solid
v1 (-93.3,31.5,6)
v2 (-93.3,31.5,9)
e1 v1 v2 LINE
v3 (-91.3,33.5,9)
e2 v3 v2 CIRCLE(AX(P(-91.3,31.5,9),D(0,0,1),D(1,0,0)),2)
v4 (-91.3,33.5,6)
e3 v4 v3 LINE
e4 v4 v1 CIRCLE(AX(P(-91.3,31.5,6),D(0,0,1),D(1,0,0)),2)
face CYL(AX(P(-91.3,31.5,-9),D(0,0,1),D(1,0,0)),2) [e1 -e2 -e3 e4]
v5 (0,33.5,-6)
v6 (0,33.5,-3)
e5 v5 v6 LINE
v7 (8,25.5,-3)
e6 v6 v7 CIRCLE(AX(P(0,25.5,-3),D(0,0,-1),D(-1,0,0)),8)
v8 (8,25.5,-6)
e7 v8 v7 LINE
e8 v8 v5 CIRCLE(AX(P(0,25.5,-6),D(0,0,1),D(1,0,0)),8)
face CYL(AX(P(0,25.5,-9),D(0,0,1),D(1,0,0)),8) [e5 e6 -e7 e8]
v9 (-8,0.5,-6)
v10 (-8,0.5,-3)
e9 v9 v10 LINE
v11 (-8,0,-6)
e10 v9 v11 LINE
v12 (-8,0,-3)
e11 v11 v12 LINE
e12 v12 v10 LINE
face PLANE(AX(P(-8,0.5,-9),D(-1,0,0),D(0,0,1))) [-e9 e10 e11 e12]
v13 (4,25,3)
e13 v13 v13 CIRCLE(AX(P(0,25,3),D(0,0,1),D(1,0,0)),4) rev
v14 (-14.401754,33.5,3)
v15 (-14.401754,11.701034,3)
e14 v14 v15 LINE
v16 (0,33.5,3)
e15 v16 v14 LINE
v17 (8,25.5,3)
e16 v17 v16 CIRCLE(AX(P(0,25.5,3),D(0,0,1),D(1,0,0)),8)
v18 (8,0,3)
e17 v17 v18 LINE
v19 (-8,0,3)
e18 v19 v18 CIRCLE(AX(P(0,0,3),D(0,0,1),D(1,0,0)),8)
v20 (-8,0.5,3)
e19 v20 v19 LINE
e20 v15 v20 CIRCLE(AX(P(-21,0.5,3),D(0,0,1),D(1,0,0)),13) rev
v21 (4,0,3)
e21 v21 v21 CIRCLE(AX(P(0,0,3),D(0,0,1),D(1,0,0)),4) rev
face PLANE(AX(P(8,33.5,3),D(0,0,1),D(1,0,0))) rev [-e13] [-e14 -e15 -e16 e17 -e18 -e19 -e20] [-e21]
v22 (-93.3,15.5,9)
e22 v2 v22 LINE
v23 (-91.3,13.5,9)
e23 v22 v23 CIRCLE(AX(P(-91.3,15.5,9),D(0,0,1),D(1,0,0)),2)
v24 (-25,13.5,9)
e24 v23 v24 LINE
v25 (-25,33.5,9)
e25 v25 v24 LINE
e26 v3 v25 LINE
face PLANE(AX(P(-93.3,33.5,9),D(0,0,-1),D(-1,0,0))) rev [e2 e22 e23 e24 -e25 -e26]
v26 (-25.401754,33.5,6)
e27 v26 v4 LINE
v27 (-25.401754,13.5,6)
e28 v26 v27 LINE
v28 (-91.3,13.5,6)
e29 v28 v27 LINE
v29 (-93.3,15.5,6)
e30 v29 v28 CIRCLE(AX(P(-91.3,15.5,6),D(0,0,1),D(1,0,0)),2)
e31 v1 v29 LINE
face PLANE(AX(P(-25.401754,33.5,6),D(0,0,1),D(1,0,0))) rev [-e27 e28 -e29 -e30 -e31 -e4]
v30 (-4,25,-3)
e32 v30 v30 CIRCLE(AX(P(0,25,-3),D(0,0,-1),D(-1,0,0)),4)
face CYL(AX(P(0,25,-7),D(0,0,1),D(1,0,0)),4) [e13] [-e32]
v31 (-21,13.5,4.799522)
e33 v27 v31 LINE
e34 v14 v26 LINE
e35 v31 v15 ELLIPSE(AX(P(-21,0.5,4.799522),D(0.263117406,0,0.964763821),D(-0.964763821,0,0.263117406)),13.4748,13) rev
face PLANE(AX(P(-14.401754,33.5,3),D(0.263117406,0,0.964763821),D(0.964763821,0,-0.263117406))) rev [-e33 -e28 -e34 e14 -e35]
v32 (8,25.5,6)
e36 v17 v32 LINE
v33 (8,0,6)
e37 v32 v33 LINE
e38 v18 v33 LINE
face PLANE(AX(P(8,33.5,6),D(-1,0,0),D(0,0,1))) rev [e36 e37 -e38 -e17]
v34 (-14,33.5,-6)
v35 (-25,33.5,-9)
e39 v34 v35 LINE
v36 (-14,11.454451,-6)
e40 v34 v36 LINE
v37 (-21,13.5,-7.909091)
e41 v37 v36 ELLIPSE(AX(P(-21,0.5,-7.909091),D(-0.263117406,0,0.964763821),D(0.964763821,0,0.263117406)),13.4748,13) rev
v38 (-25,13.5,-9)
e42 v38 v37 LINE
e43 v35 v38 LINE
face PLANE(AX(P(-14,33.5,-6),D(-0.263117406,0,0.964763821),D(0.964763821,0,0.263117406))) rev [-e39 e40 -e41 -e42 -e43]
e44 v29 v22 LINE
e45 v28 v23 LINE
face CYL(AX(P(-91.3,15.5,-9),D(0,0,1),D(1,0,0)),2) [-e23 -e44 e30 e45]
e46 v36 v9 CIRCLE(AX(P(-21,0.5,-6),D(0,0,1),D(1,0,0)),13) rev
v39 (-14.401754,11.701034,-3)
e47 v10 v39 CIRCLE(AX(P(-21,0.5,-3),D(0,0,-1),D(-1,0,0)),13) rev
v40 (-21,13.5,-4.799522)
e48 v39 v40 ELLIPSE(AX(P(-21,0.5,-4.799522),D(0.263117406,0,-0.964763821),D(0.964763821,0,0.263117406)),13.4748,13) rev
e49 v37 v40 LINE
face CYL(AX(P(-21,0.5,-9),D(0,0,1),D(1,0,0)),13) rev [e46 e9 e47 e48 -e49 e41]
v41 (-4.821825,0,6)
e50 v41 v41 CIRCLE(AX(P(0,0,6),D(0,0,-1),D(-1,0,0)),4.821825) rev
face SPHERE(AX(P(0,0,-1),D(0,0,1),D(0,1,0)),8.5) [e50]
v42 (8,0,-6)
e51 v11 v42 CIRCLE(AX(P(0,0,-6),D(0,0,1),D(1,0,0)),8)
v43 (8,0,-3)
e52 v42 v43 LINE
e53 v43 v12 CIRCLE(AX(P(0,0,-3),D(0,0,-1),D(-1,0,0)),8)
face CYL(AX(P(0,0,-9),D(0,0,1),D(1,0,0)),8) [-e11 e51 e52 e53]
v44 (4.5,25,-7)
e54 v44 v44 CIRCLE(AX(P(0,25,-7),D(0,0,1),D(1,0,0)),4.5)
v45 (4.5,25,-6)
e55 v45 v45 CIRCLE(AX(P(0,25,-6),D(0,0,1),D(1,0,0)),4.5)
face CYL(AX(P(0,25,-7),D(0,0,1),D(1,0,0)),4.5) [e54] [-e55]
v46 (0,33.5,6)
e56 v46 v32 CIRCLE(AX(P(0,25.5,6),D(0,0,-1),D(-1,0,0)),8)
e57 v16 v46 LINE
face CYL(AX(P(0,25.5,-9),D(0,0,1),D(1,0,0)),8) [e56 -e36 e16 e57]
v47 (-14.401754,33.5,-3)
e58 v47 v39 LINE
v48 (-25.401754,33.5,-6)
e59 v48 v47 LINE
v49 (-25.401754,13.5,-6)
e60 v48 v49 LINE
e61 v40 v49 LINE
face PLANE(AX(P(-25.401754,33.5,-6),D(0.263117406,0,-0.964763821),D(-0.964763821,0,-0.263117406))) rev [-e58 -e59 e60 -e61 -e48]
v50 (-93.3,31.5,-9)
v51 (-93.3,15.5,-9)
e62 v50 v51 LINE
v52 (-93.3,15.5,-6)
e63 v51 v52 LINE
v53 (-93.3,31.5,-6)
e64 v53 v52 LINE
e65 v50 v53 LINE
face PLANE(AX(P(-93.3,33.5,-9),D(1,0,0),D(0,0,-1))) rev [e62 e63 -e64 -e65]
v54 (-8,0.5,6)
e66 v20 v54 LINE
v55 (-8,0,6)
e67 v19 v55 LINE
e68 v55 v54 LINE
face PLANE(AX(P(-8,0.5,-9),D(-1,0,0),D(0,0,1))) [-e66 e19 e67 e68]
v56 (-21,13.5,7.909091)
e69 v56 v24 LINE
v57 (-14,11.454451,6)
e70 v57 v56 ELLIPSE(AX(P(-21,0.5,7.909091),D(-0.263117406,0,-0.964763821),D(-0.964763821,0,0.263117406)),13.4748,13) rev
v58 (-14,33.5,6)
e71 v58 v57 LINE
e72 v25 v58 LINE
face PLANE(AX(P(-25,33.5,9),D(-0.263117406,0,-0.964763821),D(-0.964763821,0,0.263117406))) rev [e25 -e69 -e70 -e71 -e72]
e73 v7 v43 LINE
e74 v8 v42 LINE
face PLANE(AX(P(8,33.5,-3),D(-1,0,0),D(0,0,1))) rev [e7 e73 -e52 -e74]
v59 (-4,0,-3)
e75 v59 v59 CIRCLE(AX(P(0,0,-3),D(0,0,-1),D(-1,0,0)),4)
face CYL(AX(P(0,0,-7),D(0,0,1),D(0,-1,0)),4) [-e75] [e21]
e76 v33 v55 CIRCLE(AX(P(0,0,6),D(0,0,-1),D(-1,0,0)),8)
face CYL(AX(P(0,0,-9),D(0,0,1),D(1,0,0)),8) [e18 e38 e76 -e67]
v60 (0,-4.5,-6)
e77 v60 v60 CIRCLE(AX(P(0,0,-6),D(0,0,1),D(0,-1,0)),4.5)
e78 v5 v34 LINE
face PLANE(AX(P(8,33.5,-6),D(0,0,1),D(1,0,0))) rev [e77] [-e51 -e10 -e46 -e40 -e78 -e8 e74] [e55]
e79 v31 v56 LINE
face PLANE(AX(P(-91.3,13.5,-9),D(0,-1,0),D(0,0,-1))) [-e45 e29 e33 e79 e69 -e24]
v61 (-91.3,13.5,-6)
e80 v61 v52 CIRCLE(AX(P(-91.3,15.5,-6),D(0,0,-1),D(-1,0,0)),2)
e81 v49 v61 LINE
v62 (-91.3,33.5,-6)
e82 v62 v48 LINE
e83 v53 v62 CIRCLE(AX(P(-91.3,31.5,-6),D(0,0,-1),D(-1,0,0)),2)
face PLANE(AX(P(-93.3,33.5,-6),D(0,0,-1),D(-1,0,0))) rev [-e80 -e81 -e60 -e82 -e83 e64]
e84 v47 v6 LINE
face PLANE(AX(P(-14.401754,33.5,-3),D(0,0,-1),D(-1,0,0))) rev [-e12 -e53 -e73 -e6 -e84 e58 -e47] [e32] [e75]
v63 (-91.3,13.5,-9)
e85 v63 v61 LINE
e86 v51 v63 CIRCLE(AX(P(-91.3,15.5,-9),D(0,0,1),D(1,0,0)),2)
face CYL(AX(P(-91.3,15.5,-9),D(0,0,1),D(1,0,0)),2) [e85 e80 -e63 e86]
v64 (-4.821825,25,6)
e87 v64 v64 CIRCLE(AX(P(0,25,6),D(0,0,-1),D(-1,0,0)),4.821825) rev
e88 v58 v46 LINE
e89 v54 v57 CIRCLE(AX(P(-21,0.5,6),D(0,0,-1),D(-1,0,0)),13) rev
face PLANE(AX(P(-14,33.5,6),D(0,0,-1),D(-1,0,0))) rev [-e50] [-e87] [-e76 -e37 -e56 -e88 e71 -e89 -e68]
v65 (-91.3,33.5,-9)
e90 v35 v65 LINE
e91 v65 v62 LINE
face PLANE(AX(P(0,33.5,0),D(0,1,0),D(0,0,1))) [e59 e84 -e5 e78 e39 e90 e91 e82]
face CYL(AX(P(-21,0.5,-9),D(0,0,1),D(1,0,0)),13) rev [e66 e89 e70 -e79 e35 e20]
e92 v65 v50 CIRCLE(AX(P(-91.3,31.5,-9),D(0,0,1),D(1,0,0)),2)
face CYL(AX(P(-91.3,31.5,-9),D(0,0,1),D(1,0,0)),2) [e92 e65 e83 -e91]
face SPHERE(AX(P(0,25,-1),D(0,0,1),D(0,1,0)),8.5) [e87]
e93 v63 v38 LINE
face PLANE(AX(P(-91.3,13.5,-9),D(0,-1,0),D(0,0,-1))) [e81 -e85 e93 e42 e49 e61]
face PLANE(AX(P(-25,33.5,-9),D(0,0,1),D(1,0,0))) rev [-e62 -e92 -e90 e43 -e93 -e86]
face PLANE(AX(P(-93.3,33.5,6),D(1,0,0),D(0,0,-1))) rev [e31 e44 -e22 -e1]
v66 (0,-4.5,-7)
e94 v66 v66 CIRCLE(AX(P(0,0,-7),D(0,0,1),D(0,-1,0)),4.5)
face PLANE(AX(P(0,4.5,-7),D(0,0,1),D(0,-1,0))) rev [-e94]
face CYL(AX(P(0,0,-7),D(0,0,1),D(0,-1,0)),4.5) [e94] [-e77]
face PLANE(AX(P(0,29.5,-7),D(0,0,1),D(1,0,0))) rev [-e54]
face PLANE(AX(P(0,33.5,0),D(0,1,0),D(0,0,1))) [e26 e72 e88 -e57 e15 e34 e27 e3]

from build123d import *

# Parameters (mm, degrees)
EXTRUDE_1_DEPTH          = 41.5
EXTRUDE_2_DEPTH          = 41.5
CUT_EXTRUDE_1_DEPTH      = 9
CUT_EXTRUDE_1_DEPTH_BACK = 9
SKETCH_5_W               = 311.655321532
SKETCH_5_H               = 249.673450863


with BuildPart() as part:
    # 草图1 → 凸台-拉伸1 (new body)
    with BuildSketch(Plane(origin=(0, -8, 0), x_dir=(1, 0, 0), z_dir=(0, 1, 0))):
        Polygon((-93.3, -6), (-93.3, -9), (-25, -9), (-14, -6), (8, -6), (8, -3), (-14.401754251, -3), (-25.401754251, -6), align=None)
    extrude(amount=EXTRUDE_1_DEPTH)

    # 草图2 → 旋转1 (revolve)
    with BuildSketch(Plane(origin=(0, 0, 0), x_dir=(0, 0, -1), z_dir=(1, 0, 0))):
        with BuildLine():
            Line((-6, 4.82182538), (-6, 4))
            Line((-6, 4), (6, 4))
            Line((6, 4), (6, 4.5))
            Line((6, 4.5), (7, 4.5))
            Line((7, 4.5), (7, 0))
            Line((7, 0), (-7.5, 0))
            ThreePointArc((-7.5, 0), (-7.11634154, 2.524876235), (-6, 4.82182538))
        make_face()
    revolve(axis=Axis((0, 0, -7), (0, 0, 1)))

    # 草图3 → 旋转2 (revolve)
    with BuildSketch(Plane(origin=(0, 0, 0), x_dir=(0, 0, -1), z_dir=(1, 0, 0))):
        with BuildLine():
            Line((-6, 29.82182538), (-6, 29))
            Line((-6, 29), (6, 29))
            Line((6, 29), (6, 29.5))
            Line((6, 29.5), (7, 29.5))
            Line((7, 29.5), (7, 25))
            Line((7, 25), (-7.5, 25))
            ThreePointArc((-7.5, 25), (-7.11634154, 27.524876235), (-6, 29.82182538))
        make_face()
    revolve(axis=Axis((0, 25, -7), (0, 0, 1)))

    # 草图4 → 凸台-拉伸2 (add)
    with BuildSketch(Plane(origin=(0, -8, 0), x_dir=(1, 0, 0), z_dir=(0, 1, 0))):
        Polygon((-93.3, 6), (-25.401754251, 6), (-14.401754251, 3), (8, 3), (8, 6), (-14, 6), (-25, 9), (-93.3, 9), align=None)
    extrude(amount=EXTRUDE_2_DEPTH)

    # 草图5 → 切除-拉伸1 (cut, two sides: drawn at the far end of the back side and taken through both)
    with BuildSketch(Plane.XY.offset(-CUT_EXTRUDE_1_DEPTH_BACK)):
        with Locations((-43.959476141, 21.043348893)):
            Rectangle(SKETCH_5_W, SKETCH_5_H)
        with BuildLine():
            Line((-91.3, 13.5), (-21, 13.5))
            ThreePointArc((-21, 13.5), (-11.807611845, 9.692388155), (-8, 0.5))
            Line((-8, 0.5), (-8, 0))
            ThreePointArc((-8, 0), (0, -8), (8, 0))
            Line((8, 0), (8, 25.5))
            ThreePointArc((8, 25.5), (5.656854249, 31.156854249), (0, 33.5))
            Line((0, 33.5), (-91.3, 33.5))
            ThreePointArc((-91.3, 33.5), (-92.714213562, 32.914213562), (-93.3, 31.5))
            Line((-93.3, 31.5), (-93.3, 15.5))
            ThreePointArc((-93.3, 15.5), (-92.714213562, 14.085786438), (-91.3, 13.5))
        make_face(mode=Mode.SUBTRACT)
    extrude(amount=CUT_EXTRUDE_1_DEPTH + CUT_EXTRUDE_1_DEPTH_BACK, mode=Mode.SUBTRACT)


solid = part.part
